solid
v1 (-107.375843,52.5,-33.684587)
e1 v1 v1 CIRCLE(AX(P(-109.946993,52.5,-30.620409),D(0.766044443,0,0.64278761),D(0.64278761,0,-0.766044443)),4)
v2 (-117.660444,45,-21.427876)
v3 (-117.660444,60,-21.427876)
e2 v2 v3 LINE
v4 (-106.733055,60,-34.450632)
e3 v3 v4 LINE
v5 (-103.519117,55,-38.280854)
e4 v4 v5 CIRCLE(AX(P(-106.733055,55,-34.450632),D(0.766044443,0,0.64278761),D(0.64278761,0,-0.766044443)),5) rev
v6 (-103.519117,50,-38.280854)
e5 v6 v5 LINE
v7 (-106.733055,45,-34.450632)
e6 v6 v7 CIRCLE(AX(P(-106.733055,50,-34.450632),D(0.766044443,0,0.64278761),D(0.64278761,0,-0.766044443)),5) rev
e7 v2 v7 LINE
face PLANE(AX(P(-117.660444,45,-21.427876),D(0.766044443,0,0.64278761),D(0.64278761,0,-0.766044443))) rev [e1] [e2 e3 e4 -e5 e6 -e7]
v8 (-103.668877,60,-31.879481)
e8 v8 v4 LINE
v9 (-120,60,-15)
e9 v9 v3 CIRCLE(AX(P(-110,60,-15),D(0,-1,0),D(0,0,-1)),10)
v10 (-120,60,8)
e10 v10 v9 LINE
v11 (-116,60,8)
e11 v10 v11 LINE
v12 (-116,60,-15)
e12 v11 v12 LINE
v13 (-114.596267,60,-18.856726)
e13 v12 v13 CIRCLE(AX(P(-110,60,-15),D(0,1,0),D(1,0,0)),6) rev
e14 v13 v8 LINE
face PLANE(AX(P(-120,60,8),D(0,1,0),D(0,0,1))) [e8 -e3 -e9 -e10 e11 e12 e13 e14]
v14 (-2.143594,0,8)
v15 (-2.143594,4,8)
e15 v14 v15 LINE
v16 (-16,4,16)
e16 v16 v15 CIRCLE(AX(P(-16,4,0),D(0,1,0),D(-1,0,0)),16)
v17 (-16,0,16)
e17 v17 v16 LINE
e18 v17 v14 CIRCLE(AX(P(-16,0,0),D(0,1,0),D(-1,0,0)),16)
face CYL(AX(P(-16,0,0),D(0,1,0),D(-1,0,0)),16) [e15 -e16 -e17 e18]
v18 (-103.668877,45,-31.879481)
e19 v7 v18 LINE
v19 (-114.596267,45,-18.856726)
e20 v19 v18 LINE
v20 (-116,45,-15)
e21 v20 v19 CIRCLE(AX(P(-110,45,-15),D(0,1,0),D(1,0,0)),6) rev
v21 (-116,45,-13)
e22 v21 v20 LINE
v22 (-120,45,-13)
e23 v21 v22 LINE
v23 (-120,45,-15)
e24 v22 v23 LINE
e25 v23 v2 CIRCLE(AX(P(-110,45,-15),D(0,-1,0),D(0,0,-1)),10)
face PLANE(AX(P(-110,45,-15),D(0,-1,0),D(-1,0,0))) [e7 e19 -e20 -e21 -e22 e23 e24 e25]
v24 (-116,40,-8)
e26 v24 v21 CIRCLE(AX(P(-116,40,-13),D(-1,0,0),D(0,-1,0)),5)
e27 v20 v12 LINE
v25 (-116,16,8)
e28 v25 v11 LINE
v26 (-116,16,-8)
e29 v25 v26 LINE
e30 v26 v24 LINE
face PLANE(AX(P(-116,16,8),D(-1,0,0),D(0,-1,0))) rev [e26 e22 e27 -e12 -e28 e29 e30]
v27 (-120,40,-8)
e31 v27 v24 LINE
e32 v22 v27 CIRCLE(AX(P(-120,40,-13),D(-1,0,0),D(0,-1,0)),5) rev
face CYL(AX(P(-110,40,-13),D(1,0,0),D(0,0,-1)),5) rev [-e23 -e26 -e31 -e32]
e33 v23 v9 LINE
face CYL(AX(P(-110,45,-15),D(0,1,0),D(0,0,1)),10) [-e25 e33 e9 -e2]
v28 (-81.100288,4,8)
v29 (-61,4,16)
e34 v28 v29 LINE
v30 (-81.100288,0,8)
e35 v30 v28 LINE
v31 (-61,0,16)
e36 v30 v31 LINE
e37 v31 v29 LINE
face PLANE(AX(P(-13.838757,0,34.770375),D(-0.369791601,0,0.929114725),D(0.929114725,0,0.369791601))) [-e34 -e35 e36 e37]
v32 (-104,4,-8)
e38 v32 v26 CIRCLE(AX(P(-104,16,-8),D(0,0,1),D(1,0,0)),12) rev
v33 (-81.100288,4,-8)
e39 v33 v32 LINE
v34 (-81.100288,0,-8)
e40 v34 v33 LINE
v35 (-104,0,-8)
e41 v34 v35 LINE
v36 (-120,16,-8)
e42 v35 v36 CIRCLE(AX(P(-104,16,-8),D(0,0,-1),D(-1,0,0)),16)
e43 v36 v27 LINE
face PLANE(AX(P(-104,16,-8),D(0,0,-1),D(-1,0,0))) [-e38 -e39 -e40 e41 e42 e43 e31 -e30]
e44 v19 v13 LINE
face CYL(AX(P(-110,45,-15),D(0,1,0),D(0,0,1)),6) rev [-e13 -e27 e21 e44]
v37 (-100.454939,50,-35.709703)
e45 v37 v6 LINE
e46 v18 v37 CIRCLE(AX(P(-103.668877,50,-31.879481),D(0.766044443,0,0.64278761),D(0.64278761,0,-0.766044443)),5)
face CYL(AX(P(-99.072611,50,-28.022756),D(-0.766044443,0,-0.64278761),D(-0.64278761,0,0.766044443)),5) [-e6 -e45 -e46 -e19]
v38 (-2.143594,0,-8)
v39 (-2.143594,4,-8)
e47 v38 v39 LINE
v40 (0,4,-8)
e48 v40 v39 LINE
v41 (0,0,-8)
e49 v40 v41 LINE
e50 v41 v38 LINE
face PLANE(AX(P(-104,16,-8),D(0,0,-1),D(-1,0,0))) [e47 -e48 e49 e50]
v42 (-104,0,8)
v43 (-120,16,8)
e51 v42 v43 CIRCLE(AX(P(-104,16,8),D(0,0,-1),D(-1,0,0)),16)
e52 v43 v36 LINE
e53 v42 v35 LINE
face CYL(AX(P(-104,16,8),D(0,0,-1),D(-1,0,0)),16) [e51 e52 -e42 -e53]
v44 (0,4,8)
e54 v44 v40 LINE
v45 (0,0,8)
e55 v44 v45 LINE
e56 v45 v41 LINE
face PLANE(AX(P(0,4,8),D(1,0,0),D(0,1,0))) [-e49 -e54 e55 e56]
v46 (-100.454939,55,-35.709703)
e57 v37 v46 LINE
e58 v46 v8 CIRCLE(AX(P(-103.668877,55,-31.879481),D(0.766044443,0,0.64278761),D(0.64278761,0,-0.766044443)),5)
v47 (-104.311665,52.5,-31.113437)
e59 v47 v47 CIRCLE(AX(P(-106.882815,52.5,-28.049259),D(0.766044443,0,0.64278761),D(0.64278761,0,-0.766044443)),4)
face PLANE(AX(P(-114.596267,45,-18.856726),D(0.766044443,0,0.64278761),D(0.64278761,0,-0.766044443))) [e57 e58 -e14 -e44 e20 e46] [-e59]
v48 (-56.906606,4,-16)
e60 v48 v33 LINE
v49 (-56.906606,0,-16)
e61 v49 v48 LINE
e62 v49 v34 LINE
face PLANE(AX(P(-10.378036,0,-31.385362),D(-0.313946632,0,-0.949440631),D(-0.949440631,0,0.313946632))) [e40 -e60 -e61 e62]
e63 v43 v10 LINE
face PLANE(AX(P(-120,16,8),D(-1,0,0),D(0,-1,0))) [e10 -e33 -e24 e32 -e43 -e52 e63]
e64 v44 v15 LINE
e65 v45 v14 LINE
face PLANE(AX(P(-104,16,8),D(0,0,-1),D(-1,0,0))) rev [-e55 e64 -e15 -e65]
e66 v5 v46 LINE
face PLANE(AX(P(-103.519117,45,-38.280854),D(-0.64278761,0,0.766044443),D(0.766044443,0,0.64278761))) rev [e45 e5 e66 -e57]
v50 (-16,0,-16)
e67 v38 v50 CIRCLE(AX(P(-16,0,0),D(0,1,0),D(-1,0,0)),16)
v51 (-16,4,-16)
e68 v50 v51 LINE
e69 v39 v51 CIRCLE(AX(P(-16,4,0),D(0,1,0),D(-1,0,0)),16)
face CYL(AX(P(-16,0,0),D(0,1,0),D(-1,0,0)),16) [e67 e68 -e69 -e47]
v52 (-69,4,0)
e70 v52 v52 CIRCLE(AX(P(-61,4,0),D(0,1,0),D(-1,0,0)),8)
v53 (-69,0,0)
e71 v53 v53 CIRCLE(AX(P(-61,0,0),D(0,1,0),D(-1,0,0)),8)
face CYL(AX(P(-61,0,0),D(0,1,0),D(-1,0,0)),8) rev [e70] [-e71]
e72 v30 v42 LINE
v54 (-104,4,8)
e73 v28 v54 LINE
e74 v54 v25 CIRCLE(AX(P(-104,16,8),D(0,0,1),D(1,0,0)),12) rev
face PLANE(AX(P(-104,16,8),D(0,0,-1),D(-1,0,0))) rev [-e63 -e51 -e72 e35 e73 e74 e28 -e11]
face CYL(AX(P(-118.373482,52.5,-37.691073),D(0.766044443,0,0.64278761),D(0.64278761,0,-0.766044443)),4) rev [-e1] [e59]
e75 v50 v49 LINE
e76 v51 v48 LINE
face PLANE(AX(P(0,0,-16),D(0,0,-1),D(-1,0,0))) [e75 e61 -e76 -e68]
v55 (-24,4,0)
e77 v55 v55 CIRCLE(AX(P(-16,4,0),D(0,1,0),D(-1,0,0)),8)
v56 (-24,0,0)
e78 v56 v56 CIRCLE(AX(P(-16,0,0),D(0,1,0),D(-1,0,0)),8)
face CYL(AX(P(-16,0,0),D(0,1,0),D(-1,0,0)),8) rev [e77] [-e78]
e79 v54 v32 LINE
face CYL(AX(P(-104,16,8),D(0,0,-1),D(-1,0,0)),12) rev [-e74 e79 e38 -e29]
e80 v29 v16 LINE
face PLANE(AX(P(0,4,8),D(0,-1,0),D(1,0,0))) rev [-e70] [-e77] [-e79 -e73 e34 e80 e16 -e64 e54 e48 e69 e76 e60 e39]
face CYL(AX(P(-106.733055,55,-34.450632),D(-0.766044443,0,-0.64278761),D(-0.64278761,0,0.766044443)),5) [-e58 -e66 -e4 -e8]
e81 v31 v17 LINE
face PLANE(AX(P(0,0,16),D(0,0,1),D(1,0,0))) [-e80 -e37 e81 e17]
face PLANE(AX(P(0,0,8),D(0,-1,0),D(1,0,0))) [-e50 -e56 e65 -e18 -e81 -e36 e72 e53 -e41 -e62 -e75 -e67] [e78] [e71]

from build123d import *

# Parameters (mm, degrees)
EXTRUDE_THIN1_DEPTH = 8
BOSS_EXTRUDE4_DEPTH = 4
SKETCH3_3_R         = 8
CUT_EXTRUDE1_DEPTH  = 4
EXTRUDE_THIN2_DEPTH = 15
FILLET1_R           = 5
FILLET2_R           = 5
SKETCH5_R           = 4
CUT_EXTRUDE2_DEPTH  = 15


with BuildPart() as part:
    # Sketch1 → Extrude-Thin1 (new, symmetric)
    with BuildSketch(Plane.XY):
        with BuildLine():
            Line((0, 0), (-104, 0))
            ThreePointArc((-104, 0), (-115.313708499, 4.686291501), (-120, 16))
            Line((-120, 16), (-120, 60))
            Line((-120, 60), (-116, 60))
            Line((-116, 60), (-116, 16))
            ThreePointArc((-116, 16), (-112.485281374, 7.514718626), (-104, 4))
            Line((-104, 4), (0, 4))
            Line((0, 4), (0, 0))
        make_face()
    extrude(amount=EXTRUDE_THIN1_DEPTH, both=True)

    # Sketch3 → Boss-Extrude4 (add)
    with BuildSketch(Plane(origin=(0, 4, 0), x_dir=(1, 0, 0), z_dir=(0, 1, 0))):
        with BuildLine():
            Line((-81.100288315, 8), (-61, 8))
            ThreePointArc((-61, 8), (-53, 0), (-61, -8))
            Line((-61, -8), (-81.100288315, -8))
            Line((-81.100288315, -8), (-61, -16))
            Line((-61, -16), (-16, -16))
            ThreePointArc((-16, -16), (-8, -13.856406461), (-2.143593539, -8))
            Line((-2.143593539, -8), (-29.856406461, -8))
            ThreePointArc((-29.856406461, -8), (-32, 0), (-29.856406461, 8))
            Line((-29.856406461, 8), (-2.143593539, 8))
            ThreePointArc((-2.143593539, 8), (-8, 13.856406461), (-16, 16))
            Line((-16, 16), (-56.906606086, 16))
            Line((-56.906606086, 16), (-81.100288315, 8))
        make_face()
    extrude(amount=-BOSS_EXTRUDE4_DEPTH)

    # Sketch3<3> → Cut-Extrude1 (cut)
    with BuildSketch(Plane(origin=(0, 4, 0), x_dir=(1, 0, 0), z_dir=(0, 1, 0))):
        with Locations((-16, 0)):
            Circle(SKETCH3_3_R)
        with Locations((-61, 0)):
            Circle(SKETCH3_3_R)
    extrude(amount=-CUT_EXTRUDE1_DEPTH, mode=Mode.SUBTRACT)

    # Sketch4 → Extrude-Thin2 (add)
    with BuildSketch(Plane(origin=(0, 60, 0), x_dir=(1, 0, 0), z_dir=(0, 1, 0))):
        with BuildLine():
            Line((-120, 8), (-120, 15))
            ThreePointArc((-120, 15), (-119.396926208, 18.420201433), (-117.660444431, 21.427876097))
            Line((-117.660444431, 21.427876097), (-103.519117018, 38.280853845))
            Line((-103.519117018, 38.280853845), (-100.454939246, 35.709703407))
            Line((-100.454939246, 35.709703407), (-114.596266659, 18.856725658))
            ThreePointArc((-114.596266659, 18.856725658), (-115.638155725, 17.05212086), (-116, 15))
            Line((-116, 15), (-116, 8))
            Line((-116, 8), (-120, 8))
        make_face()
    extrude(amount=-EXTRUDE_THIN2_DEPTH)

    # Fillet1
    fillet1_edges = [part.edges().sort_by_distance(p)[0] for p in [
        (-118, 45, -8),
    ]]
    fillet(fillet1_edges, radius=FILLET1_R)

    # Fillet2
    fillet2_edges = [part.edges().sort_by_distance(p)[0] for p in [
        (-101.987028132, 45, -36.995278626),
        (-101.987028132, 60, -36.995278626),
    ]]
    fillet(fillet2_edges, radius=FILLET2_R)

    # Sketch5 → Cut-Extrude2 (cut)
    with BuildSketch(Plane(origin=(-76.532974578, 0, -64.218790741), x_dir=(0.6427876096865437, 0, -0.7660444431189745), z_dir=(0.7660444431189746, 0, 0.6427876096865437))):
        with Locations((-47.215970419, 52.5)):
            Circle(SKETCH5_R)
    extrude(amount=-CUT_EXTRUDE2_DEPTH, mode=Mode.SUBTRACT)


solid = part.part
